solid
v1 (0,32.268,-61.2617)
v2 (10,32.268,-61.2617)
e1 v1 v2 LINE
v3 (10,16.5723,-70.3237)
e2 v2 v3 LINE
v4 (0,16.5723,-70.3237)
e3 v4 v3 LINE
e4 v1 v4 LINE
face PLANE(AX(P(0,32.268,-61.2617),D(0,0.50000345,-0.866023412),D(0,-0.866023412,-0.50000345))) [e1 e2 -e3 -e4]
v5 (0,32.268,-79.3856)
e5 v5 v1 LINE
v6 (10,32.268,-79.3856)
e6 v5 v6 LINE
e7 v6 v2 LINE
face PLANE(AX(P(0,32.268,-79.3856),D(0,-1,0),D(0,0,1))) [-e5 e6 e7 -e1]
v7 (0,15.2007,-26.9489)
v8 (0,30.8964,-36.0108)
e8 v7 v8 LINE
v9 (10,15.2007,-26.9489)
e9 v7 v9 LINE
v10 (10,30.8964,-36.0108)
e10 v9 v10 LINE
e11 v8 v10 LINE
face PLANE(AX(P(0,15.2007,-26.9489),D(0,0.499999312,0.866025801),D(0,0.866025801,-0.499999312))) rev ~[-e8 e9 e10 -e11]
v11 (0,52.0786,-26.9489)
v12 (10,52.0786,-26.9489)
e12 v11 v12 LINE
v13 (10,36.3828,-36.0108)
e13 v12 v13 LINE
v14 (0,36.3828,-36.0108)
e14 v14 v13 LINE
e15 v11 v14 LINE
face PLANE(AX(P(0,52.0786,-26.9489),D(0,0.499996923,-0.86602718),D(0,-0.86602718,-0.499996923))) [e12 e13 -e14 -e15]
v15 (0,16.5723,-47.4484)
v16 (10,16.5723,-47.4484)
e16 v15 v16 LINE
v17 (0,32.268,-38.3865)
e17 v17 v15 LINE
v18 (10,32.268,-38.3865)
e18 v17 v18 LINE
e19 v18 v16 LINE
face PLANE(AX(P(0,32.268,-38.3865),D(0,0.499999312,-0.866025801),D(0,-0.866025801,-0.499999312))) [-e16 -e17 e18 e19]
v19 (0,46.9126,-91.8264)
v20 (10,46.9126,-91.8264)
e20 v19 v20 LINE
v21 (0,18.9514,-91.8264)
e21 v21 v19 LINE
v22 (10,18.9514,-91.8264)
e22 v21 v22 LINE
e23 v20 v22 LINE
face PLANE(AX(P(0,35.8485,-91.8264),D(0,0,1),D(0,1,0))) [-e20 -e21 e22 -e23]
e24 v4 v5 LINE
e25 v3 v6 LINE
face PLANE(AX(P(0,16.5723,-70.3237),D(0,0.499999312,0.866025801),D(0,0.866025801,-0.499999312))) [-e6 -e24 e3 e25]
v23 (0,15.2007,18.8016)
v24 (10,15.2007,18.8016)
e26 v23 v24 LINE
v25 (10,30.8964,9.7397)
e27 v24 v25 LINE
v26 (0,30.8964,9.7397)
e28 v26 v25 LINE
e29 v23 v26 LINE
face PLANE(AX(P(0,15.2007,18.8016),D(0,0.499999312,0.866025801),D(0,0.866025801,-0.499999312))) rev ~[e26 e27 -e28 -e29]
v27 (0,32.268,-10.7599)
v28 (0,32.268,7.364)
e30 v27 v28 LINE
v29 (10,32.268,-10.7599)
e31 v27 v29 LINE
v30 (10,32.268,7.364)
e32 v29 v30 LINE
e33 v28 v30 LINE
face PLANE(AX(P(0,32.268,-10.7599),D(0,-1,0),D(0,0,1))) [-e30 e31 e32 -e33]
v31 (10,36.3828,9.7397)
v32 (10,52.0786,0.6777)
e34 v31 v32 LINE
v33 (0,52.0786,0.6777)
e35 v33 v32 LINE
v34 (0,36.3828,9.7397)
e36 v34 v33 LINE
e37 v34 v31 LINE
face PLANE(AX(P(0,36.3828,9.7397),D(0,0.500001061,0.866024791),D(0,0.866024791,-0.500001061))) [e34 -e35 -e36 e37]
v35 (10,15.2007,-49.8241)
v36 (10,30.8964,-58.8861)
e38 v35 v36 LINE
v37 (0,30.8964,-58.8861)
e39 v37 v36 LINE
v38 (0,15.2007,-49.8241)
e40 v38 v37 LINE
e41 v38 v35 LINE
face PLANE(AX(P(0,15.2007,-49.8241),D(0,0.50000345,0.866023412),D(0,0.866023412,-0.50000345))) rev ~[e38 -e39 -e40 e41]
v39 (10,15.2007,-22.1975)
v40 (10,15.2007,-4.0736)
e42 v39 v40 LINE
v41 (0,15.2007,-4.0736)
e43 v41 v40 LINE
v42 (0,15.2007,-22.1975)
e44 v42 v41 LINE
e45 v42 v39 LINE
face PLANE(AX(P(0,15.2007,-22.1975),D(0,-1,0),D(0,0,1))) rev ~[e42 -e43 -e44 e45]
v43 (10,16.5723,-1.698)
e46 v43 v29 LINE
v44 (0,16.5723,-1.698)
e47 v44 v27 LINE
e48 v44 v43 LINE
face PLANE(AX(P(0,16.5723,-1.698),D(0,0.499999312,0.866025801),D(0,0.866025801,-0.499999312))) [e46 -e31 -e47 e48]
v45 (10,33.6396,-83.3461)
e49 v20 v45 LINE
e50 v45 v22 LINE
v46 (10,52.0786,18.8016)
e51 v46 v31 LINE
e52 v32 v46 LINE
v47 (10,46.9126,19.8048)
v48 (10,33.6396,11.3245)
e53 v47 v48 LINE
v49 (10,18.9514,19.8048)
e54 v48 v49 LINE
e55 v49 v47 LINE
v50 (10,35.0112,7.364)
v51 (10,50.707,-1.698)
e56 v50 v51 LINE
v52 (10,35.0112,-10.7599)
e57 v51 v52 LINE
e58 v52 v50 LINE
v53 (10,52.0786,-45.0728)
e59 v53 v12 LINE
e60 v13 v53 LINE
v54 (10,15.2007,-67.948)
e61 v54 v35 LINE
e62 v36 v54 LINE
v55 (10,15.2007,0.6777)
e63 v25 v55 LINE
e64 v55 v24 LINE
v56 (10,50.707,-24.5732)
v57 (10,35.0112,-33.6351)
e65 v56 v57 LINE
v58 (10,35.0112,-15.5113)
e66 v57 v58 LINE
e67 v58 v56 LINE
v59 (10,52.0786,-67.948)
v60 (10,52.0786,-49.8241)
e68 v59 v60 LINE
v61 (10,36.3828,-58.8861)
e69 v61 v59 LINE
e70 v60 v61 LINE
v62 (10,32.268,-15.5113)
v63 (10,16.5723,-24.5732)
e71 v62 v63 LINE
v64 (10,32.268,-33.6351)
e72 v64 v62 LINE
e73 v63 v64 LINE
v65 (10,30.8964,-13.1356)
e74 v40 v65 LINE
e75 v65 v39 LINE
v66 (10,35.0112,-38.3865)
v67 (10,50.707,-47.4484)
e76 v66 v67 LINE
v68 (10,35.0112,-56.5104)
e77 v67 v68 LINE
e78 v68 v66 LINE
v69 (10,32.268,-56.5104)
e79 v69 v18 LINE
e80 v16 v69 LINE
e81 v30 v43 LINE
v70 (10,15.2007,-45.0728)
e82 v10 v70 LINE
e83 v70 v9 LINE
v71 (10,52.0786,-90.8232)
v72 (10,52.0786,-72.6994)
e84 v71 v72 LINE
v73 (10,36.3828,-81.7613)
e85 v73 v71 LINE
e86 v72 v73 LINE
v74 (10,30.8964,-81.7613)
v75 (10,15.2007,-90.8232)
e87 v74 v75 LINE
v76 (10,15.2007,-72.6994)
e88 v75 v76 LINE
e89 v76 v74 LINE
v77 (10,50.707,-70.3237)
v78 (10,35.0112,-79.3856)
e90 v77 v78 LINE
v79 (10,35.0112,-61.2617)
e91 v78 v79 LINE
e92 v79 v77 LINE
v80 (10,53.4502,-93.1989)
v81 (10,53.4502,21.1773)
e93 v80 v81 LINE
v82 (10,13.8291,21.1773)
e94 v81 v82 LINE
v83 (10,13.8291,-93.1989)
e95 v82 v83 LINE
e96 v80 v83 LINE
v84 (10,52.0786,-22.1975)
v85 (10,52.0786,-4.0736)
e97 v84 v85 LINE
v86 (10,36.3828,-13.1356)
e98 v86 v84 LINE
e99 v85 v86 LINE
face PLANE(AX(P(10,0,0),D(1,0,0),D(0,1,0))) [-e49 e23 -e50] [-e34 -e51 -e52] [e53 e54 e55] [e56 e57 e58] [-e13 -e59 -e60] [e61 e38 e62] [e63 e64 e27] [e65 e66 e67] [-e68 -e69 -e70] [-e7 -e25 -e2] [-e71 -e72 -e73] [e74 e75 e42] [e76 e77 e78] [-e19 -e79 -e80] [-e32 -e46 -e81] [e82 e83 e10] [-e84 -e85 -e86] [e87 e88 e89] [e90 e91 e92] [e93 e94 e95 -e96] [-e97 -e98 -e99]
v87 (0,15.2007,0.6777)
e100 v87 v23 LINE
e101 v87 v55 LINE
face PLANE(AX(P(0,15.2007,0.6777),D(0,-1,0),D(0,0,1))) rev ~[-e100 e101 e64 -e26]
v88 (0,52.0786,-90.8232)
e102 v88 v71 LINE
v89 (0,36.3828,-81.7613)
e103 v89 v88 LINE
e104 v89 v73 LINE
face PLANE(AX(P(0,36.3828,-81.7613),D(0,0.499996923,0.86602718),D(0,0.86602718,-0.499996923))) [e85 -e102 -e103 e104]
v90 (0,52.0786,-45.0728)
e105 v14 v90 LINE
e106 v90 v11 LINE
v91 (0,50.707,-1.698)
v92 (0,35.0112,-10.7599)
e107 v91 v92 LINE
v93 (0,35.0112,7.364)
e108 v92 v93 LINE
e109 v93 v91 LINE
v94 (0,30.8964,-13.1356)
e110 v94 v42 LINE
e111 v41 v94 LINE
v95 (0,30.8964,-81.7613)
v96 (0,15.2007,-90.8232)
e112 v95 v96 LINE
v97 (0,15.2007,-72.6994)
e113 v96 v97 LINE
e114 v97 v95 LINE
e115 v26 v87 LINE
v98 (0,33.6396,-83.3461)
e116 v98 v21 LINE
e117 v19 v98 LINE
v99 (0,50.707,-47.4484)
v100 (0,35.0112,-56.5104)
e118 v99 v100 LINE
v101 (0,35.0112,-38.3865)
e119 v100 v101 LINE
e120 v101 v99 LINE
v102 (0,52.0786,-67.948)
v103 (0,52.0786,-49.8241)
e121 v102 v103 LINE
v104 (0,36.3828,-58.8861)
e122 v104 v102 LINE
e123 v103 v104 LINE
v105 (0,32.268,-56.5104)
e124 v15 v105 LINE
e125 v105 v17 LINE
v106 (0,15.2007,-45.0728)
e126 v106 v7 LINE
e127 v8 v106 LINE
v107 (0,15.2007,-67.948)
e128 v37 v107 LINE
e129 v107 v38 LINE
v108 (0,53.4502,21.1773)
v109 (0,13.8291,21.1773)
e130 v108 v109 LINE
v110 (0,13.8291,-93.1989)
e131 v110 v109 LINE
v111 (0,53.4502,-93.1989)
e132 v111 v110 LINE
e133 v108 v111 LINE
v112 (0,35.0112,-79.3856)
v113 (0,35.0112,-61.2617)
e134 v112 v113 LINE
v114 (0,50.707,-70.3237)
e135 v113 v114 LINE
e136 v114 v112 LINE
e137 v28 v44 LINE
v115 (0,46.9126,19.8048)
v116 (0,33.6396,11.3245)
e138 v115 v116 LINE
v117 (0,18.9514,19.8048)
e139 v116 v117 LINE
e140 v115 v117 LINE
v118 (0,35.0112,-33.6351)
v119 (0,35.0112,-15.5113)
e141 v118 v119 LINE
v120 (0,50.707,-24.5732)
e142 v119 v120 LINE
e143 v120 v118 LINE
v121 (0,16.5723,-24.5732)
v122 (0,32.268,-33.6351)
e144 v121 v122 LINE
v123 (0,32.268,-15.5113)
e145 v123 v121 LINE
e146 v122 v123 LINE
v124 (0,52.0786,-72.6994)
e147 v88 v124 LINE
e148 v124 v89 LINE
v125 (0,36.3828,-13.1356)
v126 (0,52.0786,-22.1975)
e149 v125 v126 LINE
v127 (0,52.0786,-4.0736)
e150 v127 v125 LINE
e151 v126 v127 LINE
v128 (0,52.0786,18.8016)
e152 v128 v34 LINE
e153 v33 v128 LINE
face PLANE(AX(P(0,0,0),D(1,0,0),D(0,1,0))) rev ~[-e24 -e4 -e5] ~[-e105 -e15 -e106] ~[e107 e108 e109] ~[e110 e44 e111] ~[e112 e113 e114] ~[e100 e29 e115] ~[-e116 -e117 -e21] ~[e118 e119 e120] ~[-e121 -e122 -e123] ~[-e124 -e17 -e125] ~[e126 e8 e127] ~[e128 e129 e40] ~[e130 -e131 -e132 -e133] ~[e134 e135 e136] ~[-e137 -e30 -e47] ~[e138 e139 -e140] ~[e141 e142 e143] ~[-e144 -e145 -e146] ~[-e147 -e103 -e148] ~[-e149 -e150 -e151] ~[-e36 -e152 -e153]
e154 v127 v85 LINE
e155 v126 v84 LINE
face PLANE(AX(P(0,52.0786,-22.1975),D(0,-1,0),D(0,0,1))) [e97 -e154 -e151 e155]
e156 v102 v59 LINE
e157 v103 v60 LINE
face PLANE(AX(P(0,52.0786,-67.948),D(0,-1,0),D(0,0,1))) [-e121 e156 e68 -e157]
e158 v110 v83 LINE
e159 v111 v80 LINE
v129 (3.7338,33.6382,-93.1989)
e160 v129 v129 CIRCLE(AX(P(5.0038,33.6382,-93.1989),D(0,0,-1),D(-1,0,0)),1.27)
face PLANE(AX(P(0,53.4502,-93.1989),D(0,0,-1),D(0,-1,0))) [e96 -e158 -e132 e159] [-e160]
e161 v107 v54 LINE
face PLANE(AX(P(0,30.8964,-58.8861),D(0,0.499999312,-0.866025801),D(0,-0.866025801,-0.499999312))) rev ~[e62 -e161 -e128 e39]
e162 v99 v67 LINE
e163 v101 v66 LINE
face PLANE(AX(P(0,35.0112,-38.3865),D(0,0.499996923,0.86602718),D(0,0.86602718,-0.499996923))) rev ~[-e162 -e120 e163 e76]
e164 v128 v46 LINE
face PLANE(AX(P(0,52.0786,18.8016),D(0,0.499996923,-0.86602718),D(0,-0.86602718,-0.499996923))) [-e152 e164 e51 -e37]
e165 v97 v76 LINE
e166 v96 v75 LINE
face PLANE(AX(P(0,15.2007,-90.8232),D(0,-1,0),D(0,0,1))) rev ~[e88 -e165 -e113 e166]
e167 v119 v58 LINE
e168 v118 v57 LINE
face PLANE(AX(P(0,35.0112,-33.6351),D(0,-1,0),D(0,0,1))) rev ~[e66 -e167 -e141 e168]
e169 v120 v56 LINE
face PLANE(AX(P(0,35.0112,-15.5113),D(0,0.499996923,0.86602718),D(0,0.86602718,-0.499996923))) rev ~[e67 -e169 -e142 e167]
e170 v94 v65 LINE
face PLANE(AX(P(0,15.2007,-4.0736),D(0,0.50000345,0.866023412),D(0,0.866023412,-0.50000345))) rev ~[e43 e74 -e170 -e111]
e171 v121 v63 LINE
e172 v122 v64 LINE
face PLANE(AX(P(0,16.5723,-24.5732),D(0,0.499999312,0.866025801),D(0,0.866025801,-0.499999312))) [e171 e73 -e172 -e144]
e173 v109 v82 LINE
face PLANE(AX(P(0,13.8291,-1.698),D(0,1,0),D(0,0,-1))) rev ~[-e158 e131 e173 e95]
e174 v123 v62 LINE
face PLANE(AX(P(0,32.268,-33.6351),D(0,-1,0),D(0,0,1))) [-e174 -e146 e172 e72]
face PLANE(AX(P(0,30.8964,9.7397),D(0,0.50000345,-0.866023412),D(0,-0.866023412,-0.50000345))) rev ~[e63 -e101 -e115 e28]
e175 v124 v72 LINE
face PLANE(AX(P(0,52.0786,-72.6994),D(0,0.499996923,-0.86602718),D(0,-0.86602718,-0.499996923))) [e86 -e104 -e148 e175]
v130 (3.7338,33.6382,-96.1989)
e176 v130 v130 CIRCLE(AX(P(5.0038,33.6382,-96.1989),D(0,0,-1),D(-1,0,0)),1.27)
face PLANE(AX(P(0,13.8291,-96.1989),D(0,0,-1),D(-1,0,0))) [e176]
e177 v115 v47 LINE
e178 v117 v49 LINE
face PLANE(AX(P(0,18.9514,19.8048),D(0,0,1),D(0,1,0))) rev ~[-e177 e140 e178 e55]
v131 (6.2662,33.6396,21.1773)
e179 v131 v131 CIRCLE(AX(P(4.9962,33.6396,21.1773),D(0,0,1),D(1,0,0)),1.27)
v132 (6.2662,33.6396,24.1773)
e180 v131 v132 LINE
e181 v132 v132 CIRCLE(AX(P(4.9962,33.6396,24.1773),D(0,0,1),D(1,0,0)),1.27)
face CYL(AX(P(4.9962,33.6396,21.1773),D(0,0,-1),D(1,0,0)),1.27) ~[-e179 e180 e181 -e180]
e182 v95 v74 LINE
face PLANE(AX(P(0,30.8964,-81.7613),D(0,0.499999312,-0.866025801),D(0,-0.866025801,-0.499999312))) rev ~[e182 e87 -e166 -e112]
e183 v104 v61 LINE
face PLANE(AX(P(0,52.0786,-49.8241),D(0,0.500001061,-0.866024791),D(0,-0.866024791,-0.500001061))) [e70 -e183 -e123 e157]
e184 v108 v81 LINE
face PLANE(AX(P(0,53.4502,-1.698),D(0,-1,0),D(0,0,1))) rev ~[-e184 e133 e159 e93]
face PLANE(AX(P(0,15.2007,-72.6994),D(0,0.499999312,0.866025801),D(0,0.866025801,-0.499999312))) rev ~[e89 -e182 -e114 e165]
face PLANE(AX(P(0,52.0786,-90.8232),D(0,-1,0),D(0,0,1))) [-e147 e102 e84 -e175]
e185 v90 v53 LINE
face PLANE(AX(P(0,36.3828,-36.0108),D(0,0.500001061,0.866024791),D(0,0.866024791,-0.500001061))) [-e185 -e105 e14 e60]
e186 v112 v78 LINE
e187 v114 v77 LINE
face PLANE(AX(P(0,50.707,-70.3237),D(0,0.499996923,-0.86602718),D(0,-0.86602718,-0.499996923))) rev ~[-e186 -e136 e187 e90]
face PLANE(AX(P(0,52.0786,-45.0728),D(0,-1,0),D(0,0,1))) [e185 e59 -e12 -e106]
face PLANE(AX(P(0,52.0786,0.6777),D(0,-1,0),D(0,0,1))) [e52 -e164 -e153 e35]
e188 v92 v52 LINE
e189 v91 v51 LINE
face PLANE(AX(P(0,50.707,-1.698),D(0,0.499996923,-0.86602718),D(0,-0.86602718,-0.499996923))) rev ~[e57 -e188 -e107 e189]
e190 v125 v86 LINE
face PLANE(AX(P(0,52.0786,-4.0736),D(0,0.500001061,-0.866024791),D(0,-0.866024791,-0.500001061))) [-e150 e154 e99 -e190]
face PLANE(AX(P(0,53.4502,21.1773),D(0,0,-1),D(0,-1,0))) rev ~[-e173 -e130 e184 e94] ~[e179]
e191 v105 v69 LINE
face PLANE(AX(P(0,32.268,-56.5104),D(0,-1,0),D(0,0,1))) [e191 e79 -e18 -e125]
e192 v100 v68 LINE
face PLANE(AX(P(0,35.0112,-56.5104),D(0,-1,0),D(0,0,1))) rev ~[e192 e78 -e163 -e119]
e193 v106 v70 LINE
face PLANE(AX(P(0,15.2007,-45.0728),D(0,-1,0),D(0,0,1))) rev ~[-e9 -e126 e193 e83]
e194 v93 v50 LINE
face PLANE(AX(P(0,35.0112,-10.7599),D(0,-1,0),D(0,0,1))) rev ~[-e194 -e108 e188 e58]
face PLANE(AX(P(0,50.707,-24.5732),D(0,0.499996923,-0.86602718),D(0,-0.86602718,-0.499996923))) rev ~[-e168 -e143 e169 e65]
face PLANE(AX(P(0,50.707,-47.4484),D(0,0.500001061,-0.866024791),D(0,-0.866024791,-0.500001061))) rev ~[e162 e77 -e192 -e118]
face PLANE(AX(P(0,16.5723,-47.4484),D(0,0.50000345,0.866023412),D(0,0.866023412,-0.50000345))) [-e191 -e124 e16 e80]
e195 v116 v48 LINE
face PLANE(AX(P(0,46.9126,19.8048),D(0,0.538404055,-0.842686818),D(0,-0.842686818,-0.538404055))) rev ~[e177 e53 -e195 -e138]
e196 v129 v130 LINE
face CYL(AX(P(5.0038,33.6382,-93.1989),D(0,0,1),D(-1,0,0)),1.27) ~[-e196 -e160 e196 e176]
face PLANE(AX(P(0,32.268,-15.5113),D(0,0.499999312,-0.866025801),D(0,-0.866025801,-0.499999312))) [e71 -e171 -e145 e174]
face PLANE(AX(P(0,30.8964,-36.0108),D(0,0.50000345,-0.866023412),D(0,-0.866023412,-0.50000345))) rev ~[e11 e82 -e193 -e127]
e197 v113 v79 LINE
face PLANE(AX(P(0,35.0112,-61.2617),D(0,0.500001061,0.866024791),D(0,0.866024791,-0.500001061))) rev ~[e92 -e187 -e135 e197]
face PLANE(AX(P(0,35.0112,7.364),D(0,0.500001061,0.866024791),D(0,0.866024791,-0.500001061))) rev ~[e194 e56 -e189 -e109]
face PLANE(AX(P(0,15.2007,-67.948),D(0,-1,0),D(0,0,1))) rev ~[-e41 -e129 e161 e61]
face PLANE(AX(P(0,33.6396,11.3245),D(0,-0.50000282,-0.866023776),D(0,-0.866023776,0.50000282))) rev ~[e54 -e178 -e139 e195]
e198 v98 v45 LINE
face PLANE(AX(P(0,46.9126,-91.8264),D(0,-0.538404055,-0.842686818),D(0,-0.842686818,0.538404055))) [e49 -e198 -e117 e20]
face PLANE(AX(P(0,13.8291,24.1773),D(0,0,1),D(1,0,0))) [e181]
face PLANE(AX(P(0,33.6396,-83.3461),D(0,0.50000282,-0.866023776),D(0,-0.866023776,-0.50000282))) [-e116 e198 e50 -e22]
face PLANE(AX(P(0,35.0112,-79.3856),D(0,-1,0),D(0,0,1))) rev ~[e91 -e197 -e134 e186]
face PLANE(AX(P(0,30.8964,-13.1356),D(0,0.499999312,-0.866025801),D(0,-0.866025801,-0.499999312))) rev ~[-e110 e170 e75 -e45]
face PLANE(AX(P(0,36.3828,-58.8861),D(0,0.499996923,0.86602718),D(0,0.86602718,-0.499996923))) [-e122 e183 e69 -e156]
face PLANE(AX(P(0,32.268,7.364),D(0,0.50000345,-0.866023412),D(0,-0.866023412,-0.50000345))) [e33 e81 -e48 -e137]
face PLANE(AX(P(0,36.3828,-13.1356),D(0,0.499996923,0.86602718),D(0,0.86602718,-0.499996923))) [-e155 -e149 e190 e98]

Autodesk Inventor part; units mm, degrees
ref_plane "YZ Plane" through (0, 0, 0) normal (1, 0, 0) x (0, 1, 0)
ref_plane "XZ Plane" through (0, 0, 0) normal (0, 1, 0) x (-1, 0, 0)
ref_plane "XY Plane" through (0, 0, 0) normal (0, 0, 1) x (1, 0, 0)
sketch "Sketch1" plane through (0, 0, 0) normal (1, 0, 0) x (0, 1, 0)
  line L0 (33.6396, 9.7397) -> (33.6396, -13.1356)
  line L1 (33.6396, -13.1356) -> (53.4502, -1.698)
  line L2 (53.4502, -1.698) -> (33.6396, 9.7397)
  line L3 (50.707, -1.698) -> (35.0112, -10.7599)
  line L4 (35.0112, -10.7599) -> (35.0112, 7.364)
  line L5 (35.0112, 7.364) -> (50.707, -1.698)
  line L6 (53.4502, -1.698) -> (33.6396, -13.1356)
  line L7 (53.4502, -24.5732) -> (33.6396, -13.1356)
  line L8 (53.4502, -1.698) -> (53.4502, -24.5732)
  line L9 (52.0786, -4.0736) -> (36.3828, -13.1356)
  line L10 (36.3828, -13.1356) -> (52.0786, -22.1975)
  line L11 (52.0786, -22.1975) -> (52.0786, -4.0736)
  line L12 (33.6396, -13.1356) -> (33.6396, -36.0108)
  line L13 (33.6396, -36.0108) -> (53.4502, -24.5732)
  line L14 (35.0112, -33.6351) -> (35.0112, -15.5113)
  line L15 (35.0112, -15.5113) -> (50.707, -24.5732)
  line L16 (50.707, -24.5732) -> (35.0112, -33.6351)
  line L17 (53.4502, -24.5732) -> (53.4502, -47.4484)
  line L18 (53.4502, -47.4484) -> (33.6396, -36.0108)
  line L19 (52.0786, -45.0728) -> (52.0786, -26.9489)
  line L20 (36.3828, -36.0108) -> (52.0786, -45.0728)
  line L21 (52.0786, -26.9489) -> (36.3828, -36.0108)
  line L22 (33.6396, -36.0108) -> (33.6396, -58.8861)
  line L23 (35.0112, -56.5104) -> (35.0112, -38.3865)
  line L24 (33.6396, -58.8861) -> (53.4502, -47.4484)
  line L25 (50.707, -47.4484) -> (35.0112, -56.5104)
  line L26 (35.0112, -38.3865) -> (50.707, -47.4484)
  line L27 (53.4502, -47.4484) -> (53.4502, -70.3237)
  line L28 (52.0786, -49.8241) -> (36.3828, -58.8861)
  line L29 (36.3828, -58.8861) -> (52.0786, -67.948)
  line L30 (53.4502, -70.3237) -> (33.6396, -58.8861)
  line L31 (52.0786, -67.948) -> (52.0786, -49.8241)
  line L32 (33.6396, -58.8861) -> (33.6396, -81.7613)
  line L33 (33.6396, -81.7613) -> (53.4502, -70.3237)
  line L34 (50.707, -70.3237) -> (35.0112, -79.3856)
  line L35 (35.0112, -79.3856) -> (35.0112, -61.2617)
  line L36 (35.0112, -61.2617) -> (50.707, -70.3237)
  line L37 (33.6396, -13.1356) -> (13.8291, -1.698)
  line L38 (13.8291, -1.698) -> (33.6396, 9.7397)
  line L39 (16.5723, -1.698) -> (32.268, -10.7599)
  line L40 (32.268, -10.7599) -> (32.268, 7.364)
  line L41 (32.268, 7.364) -> (16.5723, -1.698)
  line L42 (33.6396, -13.1356) -> (13.8291, -1.698)
  line L43 (13.8291, -24.5732) -> (33.6396, -13.1356)
  line L44 (13.8291, -1.698) -> (13.8291, -24.5732)
  line L45 (15.2007, -4.0736) -> (30.8964, -13.1356)
  line L46 (30.8964, -13.1356) -> (15.2007, -22.1975)
  line L47 (15.2007, -22.1975) -> (15.2007, -4.0736)
  line L48 (13.8291, -24.5732) -> (33.6396, -13.1356)
  line L49 (33.6396, -36.0108) -> (13.8291, -24.5732)
  line L50 (32.268, -15.5113) -> (16.5723, -24.5732)
  line L51 (32.268, -33.6351) -> (32.268, -15.5113)
  line L52 (16.5723, -24.5732) -> (32.268, -33.6351)
  line L53 (13.8291, -47.4484) -> (33.6396, -36.0108)
  line L54 (16.5723, -47.4484) -> (32.268, -56.5104)
  line L55 (32.268, -56.5104) -> (32.268, -38.3865)
  line L56 (33.6396, -58.8861) -> (13.8291, -47.4484)
  line L57 (32.268, -38.3865) -> (16.5723, -47.4484)
  line L58 (33.6396, -36.0108) -> (13.8291, -24.5732)
  line L59 (15.2007, -26.9489) -> (30.8964, -36.0108)
  line L60 (13.8291, -24.5732) -> (13.8291, -47.4484)
  line L61 (15.2007, -45.0728) -> (15.2007, -26.9489)
  line L62 (13.8291, -47.4484) -> (33.6396, -36.0108)
  line L63 (30.8964, -36.0108) -> (15.2007, -45.0728)
  line L64 (13.8291, -70.3237) -> (33.6396, -58.8861)
  line L65 (32.268, -79.3856) -> (32.268, -61.2617)
  line L66 (33.6396, -81.7613) -> (13.8291, -70.3237)
  line L67 (32.268, -61.2617) -> (16.5723, -70.3237)
  line L68 (16.5723, -70.3237) -> (32.268, -79.3856)
  line L69 (33.6396, -58.8861) -> (13.8291, -47.4484)
  line L70 (13.8291, -47.4484) -> (13.8291, -70.3237)
  line L71 (15.2007, -67.948) -> (15.2007, -49.8241)
  line L72 (15.2007, -49.8241) -> (30.8964, -58.8861)
  line L73 (13.8291, -70.3237) -> (33.6396, -58.8861)
  line L74 (30.8964, -58.8861) -> (15.2007, -67.948)
  line L75 (13.8291, -1.698) -> (13.8291, 21.1773)
  line L76 (13.8291, 21.1773) -> (33.6396, 9.7397)
  line L77 (53.4502, -1.698) -> (53.4502, 21.1773)
  line L78 (53.4502, 21.1773) -> (33.6396, 9.7397)
  line L79 (53.4502, 21.1773) -> (13.8291, 21.1773)
  line L80 (53.4502, -70.3237) -> (53.4502, -93.1989)
  line L81 (53.4502, -93.1989) -> (33.6396, -81.7613)
  line L82 (13.8291, -70.3237) -> (13.8291, -93.1989)
  line L83 (13.8291, -93.1989) -> (33.6396, -81.7613)
  line L84 (53.4502, -93.1989) -> (13.8291, -93.1989)
  line L85 (15.2007, 0.6777) -> (15.2007, 18.8016)
  line L86 (30.8964, 9.7397) -> (15.2007, 0.6777)
  line L87 (15.2007, 18.8016) -> (30.8964, 9.7397)
  line L88 (52.0786, 0.6777) -> (52.0786, 18.8016)
  line L89 (52.0786, 18.8016) -> (36.3828, 9.7397)
  line L90 (36.3828, 9.7397) -> (52.0786, 0.6777)
  line L91 (36.3828, -81.7613) -> (52.0786, -90.8232)
  line L92 (52.0786, -90.8232) -> (52.0786, -72.6994)
  line L93 (52.0786, -72.6994) -> (36.3828, -81.7613)
  line L94 (30.8964, -81.7613) -> (15.2007, -90.8232)
  line L95 (15.2007, -90.8232) -> (15.2007, -72.6994)
  line L96 (15.2007, -72.6994) -> (30.8964, -81.7613)
  line L97 (35.8485, 19.8048) -> (46.9126, 19.8048)
  line L98 (46.9126, 19.8048) -> (33.6396, 11.3245)
  line L99 (33.6396, 11.3245) -> (18.9514, 19.8048)
  line L100 (18.9514, 19.8048) -> (35.8485, 19.8048)
  line L101 (35.8485, -91.8264) -> (46.9126, -91.8264)
  line L102 (46.9126, -91.8264) -> (33.6396, -83.3461)
  line L103 (33.6396, -83.3461) -> (18.9514, -91.8264)
  line L104 (18.9514, -91.8264) -> (35.8485, -91.8264)
  dimension "d13" = 1.3716
extrude "Extrusion1" add sketch "Sketch1" along normal blind 10
sketch "Sketch2" plane through (0, 13.8291, 21.1773) normal (0, 0, 1) x (1, 0, 0)
  line L0 (0, 39.6211) -> (10, 39.6211) projected
  line L1 (0, 39.6211) -> (10, 39.6211) projected
  line L2 (10, 39.6211) -> (10, 19.8091)
  circle A0 centre (4.9962, 19.8105) radius 1.27
  point P0 (0, -13.8291)
  dimension "d41" = 2.54
sketch "Sketch3" plane through (0, 13.8291, -93.1989) normal (0, 0, -1) x (-1, 0, 0)
  line L0 (0, 39.6211) -> (-10, 39.6211) projected
  line L1 (0, 39.6211) -> (0, 19.8091)
  line L2 (0, 0) -> (-10, 0) projected
  line L3 (0, 19.8091) -> (-5.0038, 19.8091)
  circle A0 centre (-5.0038, 19.8091) radius 1.27
  point P0 (0, -13.8291)
  dimension "d44" = 19.812
  dimension "d45" = 5.0038
  dimension "d46" = 2.54
extrude "Extrusion4" add sketch "Sketch2" along normal blind 3
extrude "Extrusion5" add sketch "Sketch3" along normal blind 3
properties part number "Arm support"
